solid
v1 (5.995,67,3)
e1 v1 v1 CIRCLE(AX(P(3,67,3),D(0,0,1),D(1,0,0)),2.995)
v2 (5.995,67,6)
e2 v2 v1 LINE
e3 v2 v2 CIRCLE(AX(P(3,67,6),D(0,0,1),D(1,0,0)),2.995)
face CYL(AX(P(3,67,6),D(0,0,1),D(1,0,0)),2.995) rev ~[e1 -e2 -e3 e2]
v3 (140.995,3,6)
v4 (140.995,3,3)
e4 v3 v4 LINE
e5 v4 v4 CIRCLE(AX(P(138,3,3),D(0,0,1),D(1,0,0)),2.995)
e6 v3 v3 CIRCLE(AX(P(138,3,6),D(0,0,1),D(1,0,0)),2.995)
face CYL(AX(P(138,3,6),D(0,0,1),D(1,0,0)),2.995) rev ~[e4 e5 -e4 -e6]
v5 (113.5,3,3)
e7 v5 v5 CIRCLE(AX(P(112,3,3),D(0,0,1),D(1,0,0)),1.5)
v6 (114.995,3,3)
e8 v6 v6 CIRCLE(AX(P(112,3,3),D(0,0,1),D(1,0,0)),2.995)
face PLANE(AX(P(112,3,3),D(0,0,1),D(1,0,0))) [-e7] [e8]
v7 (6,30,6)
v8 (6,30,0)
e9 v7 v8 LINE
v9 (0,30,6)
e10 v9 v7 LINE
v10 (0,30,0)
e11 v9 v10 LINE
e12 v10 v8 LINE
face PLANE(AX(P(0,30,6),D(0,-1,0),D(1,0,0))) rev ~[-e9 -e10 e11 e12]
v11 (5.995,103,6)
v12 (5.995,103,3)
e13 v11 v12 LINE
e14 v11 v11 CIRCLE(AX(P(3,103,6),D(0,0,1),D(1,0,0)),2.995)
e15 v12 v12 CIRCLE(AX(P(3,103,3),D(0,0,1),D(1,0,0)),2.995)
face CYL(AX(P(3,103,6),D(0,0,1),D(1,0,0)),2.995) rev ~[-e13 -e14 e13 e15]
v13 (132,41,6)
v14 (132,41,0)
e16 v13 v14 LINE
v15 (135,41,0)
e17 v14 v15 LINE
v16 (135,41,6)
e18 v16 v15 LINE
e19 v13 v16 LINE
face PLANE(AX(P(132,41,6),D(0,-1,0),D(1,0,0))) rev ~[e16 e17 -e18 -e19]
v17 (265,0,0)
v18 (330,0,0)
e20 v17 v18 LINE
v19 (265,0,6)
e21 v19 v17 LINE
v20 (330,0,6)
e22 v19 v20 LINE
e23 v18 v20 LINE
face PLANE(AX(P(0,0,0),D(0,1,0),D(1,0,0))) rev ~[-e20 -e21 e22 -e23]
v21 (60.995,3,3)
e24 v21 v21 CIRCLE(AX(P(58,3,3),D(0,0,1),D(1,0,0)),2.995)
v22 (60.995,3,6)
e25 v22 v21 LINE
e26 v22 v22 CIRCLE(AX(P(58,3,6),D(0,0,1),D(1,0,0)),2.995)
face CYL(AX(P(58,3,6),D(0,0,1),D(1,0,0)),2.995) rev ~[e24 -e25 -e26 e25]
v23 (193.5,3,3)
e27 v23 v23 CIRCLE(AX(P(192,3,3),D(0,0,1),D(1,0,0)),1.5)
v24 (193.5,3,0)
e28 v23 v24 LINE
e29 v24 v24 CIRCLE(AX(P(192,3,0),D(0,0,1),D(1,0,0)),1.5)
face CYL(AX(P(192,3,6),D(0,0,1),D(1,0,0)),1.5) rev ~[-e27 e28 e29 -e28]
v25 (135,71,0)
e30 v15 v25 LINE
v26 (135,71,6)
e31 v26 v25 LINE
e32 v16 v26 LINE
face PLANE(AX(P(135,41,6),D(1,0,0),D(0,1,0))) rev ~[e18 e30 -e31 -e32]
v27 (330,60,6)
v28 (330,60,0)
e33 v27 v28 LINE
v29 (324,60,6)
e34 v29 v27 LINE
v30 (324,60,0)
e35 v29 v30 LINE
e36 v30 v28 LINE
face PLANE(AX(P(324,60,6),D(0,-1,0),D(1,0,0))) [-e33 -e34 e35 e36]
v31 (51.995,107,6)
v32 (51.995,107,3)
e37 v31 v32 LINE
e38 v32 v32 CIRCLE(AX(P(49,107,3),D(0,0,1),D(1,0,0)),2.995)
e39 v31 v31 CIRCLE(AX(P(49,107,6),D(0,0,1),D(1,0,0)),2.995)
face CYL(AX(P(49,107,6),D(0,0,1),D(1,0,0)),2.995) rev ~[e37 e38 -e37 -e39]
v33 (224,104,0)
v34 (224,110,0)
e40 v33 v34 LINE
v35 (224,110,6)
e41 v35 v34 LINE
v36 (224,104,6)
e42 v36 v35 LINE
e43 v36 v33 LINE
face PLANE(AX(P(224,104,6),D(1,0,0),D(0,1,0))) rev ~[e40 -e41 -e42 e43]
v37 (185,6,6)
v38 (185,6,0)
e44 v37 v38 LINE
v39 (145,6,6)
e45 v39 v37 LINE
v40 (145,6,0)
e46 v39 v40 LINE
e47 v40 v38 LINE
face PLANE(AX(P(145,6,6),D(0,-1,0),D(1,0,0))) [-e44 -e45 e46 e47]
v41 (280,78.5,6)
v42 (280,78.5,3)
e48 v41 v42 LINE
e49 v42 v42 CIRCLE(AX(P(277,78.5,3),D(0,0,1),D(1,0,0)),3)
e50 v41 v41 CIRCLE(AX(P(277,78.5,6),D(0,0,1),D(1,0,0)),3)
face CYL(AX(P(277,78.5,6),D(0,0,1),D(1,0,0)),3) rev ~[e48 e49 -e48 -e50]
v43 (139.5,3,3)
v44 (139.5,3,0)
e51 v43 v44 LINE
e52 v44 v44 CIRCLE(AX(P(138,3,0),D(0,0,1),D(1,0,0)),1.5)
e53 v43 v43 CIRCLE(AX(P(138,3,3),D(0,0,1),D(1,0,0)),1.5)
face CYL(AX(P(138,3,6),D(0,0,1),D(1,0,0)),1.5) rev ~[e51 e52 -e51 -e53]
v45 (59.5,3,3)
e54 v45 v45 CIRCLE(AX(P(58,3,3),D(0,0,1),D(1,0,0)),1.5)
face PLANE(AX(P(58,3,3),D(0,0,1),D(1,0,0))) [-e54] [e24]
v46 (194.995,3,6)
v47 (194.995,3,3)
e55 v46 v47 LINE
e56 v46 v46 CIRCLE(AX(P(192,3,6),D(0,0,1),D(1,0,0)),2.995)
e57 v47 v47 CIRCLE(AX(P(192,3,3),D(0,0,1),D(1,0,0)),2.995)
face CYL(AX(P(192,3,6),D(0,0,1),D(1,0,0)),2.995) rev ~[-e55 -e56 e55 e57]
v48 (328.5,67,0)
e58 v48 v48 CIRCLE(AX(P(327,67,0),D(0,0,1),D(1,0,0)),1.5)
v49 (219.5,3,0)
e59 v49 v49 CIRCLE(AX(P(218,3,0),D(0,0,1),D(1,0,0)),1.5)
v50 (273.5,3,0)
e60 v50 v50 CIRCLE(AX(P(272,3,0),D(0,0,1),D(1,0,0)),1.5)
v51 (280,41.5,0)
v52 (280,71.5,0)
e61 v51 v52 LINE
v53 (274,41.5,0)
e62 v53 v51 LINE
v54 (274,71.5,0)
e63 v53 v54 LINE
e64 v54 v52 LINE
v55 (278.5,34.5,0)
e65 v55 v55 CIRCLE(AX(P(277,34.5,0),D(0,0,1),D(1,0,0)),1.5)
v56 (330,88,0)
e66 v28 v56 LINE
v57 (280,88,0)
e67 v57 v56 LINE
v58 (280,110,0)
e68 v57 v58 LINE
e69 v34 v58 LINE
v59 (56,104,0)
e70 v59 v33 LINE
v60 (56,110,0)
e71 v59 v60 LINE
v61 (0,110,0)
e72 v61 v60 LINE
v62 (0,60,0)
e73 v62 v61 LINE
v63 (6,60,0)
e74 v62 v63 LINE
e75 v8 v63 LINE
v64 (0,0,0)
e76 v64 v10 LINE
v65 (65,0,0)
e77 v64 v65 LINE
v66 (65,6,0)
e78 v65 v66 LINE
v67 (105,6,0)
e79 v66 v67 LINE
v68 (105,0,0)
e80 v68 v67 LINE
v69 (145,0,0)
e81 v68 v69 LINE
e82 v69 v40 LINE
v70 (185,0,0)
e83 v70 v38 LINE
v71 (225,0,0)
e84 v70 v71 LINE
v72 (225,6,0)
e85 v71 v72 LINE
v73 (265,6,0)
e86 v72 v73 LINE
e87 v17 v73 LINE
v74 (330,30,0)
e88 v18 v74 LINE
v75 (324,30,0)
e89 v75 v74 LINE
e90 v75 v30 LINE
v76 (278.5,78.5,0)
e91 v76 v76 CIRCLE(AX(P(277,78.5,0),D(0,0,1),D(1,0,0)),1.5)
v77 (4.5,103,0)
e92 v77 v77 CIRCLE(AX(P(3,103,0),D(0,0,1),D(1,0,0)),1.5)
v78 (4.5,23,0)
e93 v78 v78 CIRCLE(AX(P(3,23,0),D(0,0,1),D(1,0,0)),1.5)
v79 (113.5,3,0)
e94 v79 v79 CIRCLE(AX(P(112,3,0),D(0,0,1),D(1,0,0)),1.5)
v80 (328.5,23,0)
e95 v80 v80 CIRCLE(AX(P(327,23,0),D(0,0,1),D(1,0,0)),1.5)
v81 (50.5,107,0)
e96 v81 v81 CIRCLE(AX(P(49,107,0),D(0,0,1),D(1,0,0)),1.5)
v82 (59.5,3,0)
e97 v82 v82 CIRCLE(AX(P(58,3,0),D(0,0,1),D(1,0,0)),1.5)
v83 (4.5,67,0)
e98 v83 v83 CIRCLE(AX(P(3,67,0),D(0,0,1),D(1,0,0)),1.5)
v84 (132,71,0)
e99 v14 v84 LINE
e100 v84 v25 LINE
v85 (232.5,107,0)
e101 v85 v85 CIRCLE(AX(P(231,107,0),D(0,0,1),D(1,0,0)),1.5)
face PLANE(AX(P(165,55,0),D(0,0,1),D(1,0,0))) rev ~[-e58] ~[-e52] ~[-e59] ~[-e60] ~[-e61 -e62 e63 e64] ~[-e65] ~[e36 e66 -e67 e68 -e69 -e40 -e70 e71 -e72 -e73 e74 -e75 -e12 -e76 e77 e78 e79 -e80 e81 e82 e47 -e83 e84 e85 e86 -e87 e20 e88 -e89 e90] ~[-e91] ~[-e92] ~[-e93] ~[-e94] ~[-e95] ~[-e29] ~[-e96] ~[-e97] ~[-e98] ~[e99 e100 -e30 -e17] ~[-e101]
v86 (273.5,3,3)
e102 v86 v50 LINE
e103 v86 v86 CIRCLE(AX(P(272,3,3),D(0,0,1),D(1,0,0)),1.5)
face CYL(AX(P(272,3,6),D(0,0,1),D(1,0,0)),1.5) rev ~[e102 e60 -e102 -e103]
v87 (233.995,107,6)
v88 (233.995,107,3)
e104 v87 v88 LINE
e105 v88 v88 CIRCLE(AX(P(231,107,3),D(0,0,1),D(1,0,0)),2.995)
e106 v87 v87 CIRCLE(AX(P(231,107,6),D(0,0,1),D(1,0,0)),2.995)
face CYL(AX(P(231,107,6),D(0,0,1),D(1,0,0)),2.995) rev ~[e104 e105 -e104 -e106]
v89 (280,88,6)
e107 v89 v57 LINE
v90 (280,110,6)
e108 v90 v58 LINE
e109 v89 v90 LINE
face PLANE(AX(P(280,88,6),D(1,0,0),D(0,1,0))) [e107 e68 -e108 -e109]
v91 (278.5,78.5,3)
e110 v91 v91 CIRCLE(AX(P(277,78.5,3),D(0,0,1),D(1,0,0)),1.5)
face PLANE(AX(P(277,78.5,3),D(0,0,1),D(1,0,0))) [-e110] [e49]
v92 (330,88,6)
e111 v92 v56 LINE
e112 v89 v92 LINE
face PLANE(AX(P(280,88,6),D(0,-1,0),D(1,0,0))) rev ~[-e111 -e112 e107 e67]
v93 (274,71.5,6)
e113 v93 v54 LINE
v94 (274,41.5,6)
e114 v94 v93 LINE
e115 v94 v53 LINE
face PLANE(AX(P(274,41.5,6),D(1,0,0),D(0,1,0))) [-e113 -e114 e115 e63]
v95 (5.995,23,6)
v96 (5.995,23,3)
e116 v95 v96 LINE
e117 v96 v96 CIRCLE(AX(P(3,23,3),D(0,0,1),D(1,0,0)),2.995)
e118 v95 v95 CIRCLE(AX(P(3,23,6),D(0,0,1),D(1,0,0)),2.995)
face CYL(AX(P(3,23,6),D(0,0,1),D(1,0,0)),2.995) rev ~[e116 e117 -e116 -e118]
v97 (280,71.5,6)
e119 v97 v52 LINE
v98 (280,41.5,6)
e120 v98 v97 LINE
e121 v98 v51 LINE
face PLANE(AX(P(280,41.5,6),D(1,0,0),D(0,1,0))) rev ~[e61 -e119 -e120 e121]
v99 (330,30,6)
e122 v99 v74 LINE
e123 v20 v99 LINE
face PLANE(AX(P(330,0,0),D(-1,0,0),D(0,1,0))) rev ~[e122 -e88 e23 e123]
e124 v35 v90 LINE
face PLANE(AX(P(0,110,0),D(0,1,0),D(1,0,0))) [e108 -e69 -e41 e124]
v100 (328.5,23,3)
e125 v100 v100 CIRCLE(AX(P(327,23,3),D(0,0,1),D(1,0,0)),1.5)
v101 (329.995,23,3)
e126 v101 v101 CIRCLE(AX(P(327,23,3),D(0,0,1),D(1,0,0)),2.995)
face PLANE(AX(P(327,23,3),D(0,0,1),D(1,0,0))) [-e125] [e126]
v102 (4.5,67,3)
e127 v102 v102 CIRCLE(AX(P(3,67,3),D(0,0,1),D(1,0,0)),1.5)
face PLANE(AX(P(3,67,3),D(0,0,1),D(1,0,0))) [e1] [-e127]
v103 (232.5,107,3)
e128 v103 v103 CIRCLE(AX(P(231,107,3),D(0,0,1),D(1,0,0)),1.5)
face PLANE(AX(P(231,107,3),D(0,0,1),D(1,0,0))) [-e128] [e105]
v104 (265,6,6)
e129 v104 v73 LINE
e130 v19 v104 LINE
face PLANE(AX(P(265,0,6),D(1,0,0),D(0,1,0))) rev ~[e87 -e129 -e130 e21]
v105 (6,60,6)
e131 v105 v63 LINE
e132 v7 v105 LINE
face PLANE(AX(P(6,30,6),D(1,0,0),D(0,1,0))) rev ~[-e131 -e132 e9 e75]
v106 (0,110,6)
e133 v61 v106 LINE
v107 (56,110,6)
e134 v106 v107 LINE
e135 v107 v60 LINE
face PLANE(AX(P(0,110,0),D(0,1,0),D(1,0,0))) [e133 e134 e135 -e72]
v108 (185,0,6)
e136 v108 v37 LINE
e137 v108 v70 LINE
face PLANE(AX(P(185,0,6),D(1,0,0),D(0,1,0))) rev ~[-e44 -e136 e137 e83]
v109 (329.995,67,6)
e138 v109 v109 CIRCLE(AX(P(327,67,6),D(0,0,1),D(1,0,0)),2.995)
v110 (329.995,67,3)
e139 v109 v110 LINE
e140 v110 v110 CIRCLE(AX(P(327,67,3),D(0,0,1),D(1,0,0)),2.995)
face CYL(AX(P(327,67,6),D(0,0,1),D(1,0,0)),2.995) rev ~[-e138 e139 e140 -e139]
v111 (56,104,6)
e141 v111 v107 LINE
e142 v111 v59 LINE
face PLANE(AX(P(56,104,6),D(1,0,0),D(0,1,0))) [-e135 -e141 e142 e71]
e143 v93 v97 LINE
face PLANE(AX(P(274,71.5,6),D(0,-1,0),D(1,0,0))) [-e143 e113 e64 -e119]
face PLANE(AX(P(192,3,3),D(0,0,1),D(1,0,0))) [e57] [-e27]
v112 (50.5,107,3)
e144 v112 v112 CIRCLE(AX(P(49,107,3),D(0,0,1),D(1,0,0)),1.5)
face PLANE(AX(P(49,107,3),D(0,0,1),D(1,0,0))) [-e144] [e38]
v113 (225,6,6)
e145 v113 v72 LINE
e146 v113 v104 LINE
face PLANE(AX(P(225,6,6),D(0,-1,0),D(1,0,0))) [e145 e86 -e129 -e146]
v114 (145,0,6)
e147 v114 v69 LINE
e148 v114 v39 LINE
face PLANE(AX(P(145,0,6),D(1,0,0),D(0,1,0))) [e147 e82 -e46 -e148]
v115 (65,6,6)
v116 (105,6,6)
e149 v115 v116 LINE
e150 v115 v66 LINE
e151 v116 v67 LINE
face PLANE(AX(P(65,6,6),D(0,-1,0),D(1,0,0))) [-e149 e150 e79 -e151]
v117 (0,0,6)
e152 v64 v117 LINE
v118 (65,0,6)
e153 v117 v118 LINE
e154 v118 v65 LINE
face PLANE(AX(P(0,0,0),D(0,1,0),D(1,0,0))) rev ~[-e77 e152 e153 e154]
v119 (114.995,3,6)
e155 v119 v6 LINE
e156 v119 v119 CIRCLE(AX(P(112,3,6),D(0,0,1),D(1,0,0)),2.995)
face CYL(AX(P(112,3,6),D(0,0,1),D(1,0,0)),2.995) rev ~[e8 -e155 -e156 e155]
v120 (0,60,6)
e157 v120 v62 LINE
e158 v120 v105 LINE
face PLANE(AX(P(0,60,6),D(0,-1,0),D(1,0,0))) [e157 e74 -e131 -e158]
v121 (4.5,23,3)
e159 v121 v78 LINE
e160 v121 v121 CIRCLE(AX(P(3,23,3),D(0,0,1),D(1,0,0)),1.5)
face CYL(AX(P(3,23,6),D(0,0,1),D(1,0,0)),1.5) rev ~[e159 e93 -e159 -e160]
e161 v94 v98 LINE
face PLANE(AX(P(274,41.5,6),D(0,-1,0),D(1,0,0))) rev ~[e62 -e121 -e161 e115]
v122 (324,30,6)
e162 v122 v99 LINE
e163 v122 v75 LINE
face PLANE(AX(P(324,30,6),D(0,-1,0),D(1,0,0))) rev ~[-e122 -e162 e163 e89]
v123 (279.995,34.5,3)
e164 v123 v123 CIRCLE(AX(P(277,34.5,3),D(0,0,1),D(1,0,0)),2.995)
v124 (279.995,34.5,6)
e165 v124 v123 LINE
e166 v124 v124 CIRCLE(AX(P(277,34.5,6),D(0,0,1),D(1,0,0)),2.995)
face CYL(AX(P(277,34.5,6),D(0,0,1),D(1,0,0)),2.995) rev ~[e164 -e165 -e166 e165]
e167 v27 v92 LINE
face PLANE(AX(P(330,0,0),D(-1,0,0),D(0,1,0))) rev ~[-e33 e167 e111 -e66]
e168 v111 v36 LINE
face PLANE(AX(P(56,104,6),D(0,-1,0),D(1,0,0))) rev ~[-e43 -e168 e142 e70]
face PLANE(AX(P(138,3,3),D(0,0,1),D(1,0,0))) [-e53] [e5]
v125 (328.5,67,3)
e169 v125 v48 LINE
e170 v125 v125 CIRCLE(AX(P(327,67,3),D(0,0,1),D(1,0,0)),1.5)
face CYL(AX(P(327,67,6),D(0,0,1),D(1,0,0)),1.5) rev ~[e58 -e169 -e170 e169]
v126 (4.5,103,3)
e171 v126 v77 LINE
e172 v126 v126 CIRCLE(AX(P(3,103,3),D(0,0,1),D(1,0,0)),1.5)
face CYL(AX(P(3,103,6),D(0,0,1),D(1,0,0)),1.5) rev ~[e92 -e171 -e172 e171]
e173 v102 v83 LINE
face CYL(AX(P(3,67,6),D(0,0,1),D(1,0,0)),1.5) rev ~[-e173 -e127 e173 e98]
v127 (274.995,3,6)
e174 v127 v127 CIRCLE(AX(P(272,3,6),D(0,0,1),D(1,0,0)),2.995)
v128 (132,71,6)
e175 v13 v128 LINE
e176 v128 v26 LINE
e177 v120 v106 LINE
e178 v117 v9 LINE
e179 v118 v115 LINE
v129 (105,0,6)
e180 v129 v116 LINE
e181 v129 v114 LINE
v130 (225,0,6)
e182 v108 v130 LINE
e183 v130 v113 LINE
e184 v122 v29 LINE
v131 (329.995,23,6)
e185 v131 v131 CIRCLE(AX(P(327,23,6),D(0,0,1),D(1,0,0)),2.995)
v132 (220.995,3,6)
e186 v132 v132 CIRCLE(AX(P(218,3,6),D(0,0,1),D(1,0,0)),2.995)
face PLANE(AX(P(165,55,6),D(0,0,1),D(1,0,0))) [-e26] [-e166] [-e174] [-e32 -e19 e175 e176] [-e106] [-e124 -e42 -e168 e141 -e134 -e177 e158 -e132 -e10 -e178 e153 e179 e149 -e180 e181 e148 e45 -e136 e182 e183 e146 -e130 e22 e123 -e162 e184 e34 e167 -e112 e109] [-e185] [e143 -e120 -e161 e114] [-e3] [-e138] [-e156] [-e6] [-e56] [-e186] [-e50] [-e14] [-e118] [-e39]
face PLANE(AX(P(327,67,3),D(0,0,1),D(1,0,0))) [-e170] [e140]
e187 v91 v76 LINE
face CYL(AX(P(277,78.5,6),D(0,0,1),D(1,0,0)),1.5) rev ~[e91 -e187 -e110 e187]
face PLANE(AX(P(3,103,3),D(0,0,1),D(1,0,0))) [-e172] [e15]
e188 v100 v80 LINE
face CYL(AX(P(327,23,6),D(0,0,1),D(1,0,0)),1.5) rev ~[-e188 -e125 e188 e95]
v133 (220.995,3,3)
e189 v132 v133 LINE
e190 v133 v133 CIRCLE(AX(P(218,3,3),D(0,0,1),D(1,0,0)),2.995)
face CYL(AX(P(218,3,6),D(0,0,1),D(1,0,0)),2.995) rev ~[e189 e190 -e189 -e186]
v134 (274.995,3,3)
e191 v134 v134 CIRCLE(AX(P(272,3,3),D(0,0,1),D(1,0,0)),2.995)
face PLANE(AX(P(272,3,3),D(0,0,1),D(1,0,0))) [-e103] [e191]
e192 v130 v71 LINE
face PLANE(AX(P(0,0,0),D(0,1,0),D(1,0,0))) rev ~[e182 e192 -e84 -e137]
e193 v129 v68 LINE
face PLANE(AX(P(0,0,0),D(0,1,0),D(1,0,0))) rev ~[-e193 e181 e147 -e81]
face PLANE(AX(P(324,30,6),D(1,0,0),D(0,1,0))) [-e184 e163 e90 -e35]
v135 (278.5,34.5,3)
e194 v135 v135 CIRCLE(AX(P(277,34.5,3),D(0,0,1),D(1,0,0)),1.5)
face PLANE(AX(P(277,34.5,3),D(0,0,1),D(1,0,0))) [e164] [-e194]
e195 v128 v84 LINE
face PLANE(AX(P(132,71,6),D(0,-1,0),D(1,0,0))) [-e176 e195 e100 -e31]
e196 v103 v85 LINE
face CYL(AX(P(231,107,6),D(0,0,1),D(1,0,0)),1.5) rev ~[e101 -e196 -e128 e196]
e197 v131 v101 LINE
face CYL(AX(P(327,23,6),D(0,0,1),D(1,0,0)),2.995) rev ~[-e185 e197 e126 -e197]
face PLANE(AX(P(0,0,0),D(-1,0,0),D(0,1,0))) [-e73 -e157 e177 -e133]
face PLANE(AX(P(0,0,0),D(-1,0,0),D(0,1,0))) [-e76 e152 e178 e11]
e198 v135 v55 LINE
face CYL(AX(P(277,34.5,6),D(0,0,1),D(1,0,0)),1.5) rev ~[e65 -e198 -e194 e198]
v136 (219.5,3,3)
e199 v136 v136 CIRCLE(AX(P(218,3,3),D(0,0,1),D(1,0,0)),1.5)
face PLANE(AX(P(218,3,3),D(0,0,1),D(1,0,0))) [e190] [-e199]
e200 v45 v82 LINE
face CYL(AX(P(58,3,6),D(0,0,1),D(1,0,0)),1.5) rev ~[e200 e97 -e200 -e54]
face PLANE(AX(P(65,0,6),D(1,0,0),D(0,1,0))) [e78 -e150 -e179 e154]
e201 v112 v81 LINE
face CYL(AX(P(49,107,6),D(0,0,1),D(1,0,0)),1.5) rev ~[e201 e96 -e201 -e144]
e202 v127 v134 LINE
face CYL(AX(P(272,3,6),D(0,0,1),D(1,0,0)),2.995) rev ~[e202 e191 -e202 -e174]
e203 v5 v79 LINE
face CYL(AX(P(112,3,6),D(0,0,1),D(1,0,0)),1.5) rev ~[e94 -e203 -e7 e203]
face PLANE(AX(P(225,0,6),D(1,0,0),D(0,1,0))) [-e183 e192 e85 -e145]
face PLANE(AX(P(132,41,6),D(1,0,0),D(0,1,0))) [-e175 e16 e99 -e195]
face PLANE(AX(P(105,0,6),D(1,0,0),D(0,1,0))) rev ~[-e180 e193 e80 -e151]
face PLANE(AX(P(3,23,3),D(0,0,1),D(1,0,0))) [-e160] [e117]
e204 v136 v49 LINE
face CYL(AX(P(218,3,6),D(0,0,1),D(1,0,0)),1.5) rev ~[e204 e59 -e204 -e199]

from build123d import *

# Parameters (mm, degrees)
ESQUISSE2_W             = 330
ESQUISSE2_H             = 110
BOSS_EXTRU_1_DEPTH      = 6
ESQUISSE4_W             = 168
ESQUISSE4_H             = 6
ESQUISSE4_W_2           = 6
ESQUISSE4_H_2           = 30
ESQUISSE4_W_3           = 50
ESQUISSE4_H_3           = 22
ESQUISSE4_W_4           = 40
ESQUISSE4_W_5           = 3
ENL_V_MAT_EXTRU_1_DEPTH = 348.902285132
ESQUISSE5_R             = 1.5
ENL_V_MAT_EXTRU_2_DEPTH = 6
ESQUISSE6_R             = 2.995
ESQUISSE6_R_2           = 3
ENL_V_MAT_EXTRU_3_DEPTH = 3


with BuildPart() as part:
    # Esquisse2 → Boss.-Extru.1 (new body)
    with BuildSketch(Plane.XY):
        with Locations((165, 55)):
            Rectangle(ESQUISSE2_W, ESQUISSE2_H)
    extrude(amount=BOSS_EXTRU_1_DEPTH)

    # Esquisse4 → Enlèv. mat.-Extru.1 (cut, through all)
    with BuildSketch(Plane.XY.offset(6)):
        with Locations((140, 107)):
            Rectangle(ESQUISSE4_W, ESQUISSE4_H)
        with Locations((3, 45)):
            Rectangle(ESQUISSE4_W_2, ESQUISSE4_H_2)
        with Locations((305, 99)):
            Rectangle(ESQUISSE4_W_3, ESQUISSE4_H_3)
        with Locations((85, 3)):
            Rectangle(ESQUISSE4_W_4, ESQUISSE4_H)
        with Locations((165, 3)):
            Rectangle(ESQUISSE4_W_4, ESQUISSE4_H)
        with Locations((245, 3)):
            Rectangle(ESQUISSE4_W_4, ESQUISSE4_H)
        with Locations((327, 45)):
            Rectangle(ESQUISSE4_W_2, ESQUISSE4_H_2)
        with Locations((133.5, 56)):
            Rectangle(ESQUISSE4_W_5, ESQUISSE4_H_2)
        with Locations((277, 56.5)):
            Rectangle(ESQUISSE4_W_2, ESQUISSE4_H_2)
    extrude(amount=-ENL_V_MAT_EXTRU_1_DEPTH, mode=Mode.SUBTRACT)

    # Esquisse5 → Enlèv. mat.-Extru.2 (cut)
    with BuildSketch(Plane.XY.offset(6)):
        with Locations((3, 23)):
            Circle(ESQUISSE5_R)
        with Locations((58, 3)):
            Circle(ESQUISSE5_R)
        with Locations((112, 3)):
            Circle(ESQUISSE5_R)
        with Locations((138, 3)):
            Circle(ESQUISSE5_R)
        with Locations((192, 3)):
            Circle(ESQUISSE5_R)
        with Locations((218, 3)):
            Circle(ESQUISSE5_R)
        with Locations((272, 3)):
            Circle(ESQUISSE5_R)
        with Locations((277, 34.5)):
            Circle(ESQUISSE5_R)
        with Locations((277, 78.5)):
            Circle(ESQUISSE5_R)
        with Locations((327, 67)):
            Circle(ESQUISSE5_R)
        with Locations((327, 23)):
            Circle(ESQUISSE5_R)
        with Locations((231, 107)):
            Circle(ESQUISSE5_R)
        with Locations((49, 107)):
            Circle(ESQUISSE5_R)
        with Locations((3, 103)):
            Circle(ESQUISSE5_R)
        with Locations((3, 67)):
            Circle(ESQUISSE5_R)
    extrude(amount=-ENL_V_MAT_EXTRU_2_DEPTH, mode=Mode.SUBTRACT)

    # Esquisse6 → Enlèv. mat.-Extru.3 (cut)
    with BuildSketch(Plane.XY.offset(6)):
        with Locations((3, 67)):
            Circle(ESQUISSE6_R)
        with Locations((3, 23)):
            Circle(ESQUISSE6_R)
        with Locations((3, 103)):
            Circle(ESQUISSE6_R)
        with Locations((49, 107)):
            Circle(ESQUISSE6_R)
        with Locations((231, 107)):
            Circle(ESQUISSE6_R)
        with Locations((277, 78.5)):
            Circle(ESQUISSE6_R_2)
        with Locations((327, 67)):
            Circle(ESQUISSE6_R)
        with Locations((277, 34.5)):
            Circle(ESQUISSE6_R)
        with Locations((327, 23)):
            Circle(ESQUISSE6_R)
        with Locations((272, 3)):
            Circle(ESQUISSE6_R)
        with Locations((218, 3)):
            Circle(ESQUISSE6_R)
        with Locations((192, 3)):
            Circle(ESQUISSE6_R)
        with Locations((138, 3)):
            Circle(ESQUISSE6_R)
        with Locations((112, 3)):
            Circle(ESQUISSE6_R)
        with Locations((58, 3)):
            Circle(ESQUISSE6_R)
    extrude(amount=-ENL_V_MAT_EXTRU_3_DEPTH, mode=Mode.SUBTRACT)


solid = part.part
